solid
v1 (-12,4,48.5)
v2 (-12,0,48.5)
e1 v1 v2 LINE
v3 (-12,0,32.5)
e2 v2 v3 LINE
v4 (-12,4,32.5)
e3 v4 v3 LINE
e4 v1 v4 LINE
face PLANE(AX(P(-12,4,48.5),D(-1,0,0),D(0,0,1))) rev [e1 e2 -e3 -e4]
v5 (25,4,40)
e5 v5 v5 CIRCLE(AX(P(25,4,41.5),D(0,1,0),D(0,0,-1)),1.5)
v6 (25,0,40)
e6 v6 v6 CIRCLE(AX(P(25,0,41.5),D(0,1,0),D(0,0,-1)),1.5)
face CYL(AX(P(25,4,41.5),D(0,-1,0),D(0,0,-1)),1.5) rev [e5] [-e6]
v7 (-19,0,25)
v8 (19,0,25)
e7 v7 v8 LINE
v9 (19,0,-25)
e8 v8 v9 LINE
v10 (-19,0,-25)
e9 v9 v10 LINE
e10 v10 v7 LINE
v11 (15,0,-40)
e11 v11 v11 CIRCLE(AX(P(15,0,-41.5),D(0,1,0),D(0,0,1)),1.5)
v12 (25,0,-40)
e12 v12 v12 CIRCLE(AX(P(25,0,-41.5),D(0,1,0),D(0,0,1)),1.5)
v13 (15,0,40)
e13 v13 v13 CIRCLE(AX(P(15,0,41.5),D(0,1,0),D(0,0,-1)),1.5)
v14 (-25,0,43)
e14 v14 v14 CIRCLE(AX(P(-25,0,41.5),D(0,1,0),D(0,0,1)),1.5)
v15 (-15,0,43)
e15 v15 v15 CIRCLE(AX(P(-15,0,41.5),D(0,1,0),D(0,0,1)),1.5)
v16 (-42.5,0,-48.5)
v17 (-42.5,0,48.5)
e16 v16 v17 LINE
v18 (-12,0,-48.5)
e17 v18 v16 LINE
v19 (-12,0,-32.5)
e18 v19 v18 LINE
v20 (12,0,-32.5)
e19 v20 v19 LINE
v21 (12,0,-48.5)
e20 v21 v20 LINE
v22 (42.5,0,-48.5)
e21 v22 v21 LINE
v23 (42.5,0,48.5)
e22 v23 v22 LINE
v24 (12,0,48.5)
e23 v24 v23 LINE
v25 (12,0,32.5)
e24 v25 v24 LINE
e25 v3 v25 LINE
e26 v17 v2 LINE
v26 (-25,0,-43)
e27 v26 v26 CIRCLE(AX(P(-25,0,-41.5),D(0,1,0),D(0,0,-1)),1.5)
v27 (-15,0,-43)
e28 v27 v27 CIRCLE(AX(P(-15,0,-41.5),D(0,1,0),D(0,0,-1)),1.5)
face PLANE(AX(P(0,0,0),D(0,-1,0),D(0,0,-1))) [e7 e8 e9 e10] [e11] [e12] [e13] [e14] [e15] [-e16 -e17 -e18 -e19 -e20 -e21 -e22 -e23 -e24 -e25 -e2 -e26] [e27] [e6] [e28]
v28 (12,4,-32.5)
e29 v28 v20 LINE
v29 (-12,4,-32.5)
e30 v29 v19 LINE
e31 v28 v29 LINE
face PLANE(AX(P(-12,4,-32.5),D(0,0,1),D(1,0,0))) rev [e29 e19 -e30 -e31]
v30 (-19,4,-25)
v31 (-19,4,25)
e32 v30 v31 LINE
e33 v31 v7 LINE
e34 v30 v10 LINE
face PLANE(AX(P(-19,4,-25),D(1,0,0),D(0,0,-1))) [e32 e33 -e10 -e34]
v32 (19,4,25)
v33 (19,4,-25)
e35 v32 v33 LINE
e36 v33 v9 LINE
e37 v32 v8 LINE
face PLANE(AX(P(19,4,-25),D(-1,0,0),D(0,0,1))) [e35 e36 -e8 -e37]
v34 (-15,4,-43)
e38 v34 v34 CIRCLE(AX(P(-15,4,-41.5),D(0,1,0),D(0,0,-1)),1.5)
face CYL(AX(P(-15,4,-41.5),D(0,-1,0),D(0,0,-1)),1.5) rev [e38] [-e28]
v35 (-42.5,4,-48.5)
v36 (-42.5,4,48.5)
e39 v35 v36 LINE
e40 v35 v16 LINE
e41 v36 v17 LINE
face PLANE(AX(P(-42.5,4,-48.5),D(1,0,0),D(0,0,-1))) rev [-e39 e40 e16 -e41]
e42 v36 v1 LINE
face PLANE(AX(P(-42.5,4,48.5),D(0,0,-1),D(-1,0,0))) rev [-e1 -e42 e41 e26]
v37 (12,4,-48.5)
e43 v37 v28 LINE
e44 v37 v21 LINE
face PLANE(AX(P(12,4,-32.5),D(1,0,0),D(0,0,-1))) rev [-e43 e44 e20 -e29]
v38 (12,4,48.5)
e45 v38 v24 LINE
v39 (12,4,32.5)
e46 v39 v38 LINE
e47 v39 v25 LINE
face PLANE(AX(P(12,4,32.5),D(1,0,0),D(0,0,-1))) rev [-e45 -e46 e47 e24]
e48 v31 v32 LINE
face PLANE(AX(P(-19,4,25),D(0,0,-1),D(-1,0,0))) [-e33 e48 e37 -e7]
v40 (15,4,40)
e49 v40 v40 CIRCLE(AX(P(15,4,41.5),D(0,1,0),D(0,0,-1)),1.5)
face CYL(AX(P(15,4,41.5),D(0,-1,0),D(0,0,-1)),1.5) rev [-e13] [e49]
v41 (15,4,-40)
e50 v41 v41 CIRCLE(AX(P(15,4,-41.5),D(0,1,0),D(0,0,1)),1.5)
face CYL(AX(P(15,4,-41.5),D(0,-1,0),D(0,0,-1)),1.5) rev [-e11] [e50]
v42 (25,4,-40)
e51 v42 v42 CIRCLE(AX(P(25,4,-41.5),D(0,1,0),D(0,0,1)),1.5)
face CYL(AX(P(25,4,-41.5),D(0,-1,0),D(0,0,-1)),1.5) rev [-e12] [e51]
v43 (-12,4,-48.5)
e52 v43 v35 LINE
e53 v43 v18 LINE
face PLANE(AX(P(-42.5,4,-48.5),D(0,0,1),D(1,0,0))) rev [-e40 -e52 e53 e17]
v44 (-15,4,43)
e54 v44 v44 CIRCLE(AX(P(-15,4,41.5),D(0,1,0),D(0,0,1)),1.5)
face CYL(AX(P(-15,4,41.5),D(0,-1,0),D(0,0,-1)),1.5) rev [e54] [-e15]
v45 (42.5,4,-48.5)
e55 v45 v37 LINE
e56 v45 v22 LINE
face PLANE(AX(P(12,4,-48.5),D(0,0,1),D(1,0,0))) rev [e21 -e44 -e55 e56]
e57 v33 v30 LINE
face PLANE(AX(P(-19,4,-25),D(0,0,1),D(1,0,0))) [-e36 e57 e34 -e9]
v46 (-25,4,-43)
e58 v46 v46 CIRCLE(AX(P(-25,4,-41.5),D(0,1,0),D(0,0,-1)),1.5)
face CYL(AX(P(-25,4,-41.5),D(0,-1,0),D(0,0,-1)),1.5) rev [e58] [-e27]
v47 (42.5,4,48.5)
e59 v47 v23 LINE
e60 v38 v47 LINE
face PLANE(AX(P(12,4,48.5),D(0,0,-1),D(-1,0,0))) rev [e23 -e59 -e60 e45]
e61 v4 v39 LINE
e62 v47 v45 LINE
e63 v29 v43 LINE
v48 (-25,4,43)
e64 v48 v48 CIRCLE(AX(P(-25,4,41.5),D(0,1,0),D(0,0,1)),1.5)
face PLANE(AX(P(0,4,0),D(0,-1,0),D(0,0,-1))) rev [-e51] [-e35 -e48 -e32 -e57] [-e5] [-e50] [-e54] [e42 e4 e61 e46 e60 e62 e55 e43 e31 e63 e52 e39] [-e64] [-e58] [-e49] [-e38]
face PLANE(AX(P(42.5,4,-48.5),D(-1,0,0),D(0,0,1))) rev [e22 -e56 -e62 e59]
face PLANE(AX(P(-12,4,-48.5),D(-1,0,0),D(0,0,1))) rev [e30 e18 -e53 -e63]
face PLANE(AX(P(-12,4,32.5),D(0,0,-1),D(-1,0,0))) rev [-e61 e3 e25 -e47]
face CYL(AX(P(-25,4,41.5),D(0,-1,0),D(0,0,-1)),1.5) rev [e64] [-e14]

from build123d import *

# Parameters (mm, degrees)
SKETCH_1_R      = 1.5
SKETCH_1_W      = 38
SKETCH_1_H      = 50
EXTRUDE_1_DEPTH = 4


with BuildPart() as part:
    # 草图1 → 凸台-拉伸1 (new body)
    with BuildSketch(Plane(origin=(0, 0, 0), x_dir=(1, 0, 0), z_dir=(0, 1, 0))):
        Polygon((-12, 48.5), (-12, 32.5), (12, 32.5), (12, 48.5), (42.5, 48.5), (42.5, -48.5), (12, -48.5), (12, -32.5), (-12, -32.5), (-12, -48.5), (-42.5, -48.5), (-42.5, 48.5), align=None)
        with Locations(Location((15, 41.5, 0), (0, 0, 270))):
            Circle(SKETCH_1_R, mode=Mode.SUBTRACT)
        with Locations(Location((25, 41.5, 0), (0, 0, 270))):
            Circle(SKETCH_1_R, mode=Mode.SUBTRACT)
        with Locations(Location((-25, 41.5, 0), (0, 0, 90))):
            Circle(SKETCH_1_R, mode=Mode.SUBTRACT)
        with Locations(Location((-15, 41.5, 0), (0, 0, 90))):
            Circle(SKETCH_1_R, mode=Mode.SUBTRACT)
        with Locations(Location((25, -41.5, 0), (0, 0, 90))):
            Circle(SKETCH_1_R, mode=Mode.SUBTRACT)
        with Locations(Location((15, -41.5, 0), (0, 0, 90))):
            Circle(SKETCH_1_R, mode=Mode.SUBTRACT)
        with Locations(Location((-15, -41.5, 0), (0, 0, 270))):
            Circle(SKETCH_1_R, mode=Mode.SUBTRACT)
        with Locations(Location((-25, -41.5, 0), (0, 0, 270))):
            Circle(SKETCH_1_R, mode=Mode.SUBTRACT)
        Rectangle(SKETCH_1_W, SKETCH_1_H, mode=Mode.SUBTRACT)
    extrude(amount=EXTRUDE_1_DEPTH)


solid = part.part
